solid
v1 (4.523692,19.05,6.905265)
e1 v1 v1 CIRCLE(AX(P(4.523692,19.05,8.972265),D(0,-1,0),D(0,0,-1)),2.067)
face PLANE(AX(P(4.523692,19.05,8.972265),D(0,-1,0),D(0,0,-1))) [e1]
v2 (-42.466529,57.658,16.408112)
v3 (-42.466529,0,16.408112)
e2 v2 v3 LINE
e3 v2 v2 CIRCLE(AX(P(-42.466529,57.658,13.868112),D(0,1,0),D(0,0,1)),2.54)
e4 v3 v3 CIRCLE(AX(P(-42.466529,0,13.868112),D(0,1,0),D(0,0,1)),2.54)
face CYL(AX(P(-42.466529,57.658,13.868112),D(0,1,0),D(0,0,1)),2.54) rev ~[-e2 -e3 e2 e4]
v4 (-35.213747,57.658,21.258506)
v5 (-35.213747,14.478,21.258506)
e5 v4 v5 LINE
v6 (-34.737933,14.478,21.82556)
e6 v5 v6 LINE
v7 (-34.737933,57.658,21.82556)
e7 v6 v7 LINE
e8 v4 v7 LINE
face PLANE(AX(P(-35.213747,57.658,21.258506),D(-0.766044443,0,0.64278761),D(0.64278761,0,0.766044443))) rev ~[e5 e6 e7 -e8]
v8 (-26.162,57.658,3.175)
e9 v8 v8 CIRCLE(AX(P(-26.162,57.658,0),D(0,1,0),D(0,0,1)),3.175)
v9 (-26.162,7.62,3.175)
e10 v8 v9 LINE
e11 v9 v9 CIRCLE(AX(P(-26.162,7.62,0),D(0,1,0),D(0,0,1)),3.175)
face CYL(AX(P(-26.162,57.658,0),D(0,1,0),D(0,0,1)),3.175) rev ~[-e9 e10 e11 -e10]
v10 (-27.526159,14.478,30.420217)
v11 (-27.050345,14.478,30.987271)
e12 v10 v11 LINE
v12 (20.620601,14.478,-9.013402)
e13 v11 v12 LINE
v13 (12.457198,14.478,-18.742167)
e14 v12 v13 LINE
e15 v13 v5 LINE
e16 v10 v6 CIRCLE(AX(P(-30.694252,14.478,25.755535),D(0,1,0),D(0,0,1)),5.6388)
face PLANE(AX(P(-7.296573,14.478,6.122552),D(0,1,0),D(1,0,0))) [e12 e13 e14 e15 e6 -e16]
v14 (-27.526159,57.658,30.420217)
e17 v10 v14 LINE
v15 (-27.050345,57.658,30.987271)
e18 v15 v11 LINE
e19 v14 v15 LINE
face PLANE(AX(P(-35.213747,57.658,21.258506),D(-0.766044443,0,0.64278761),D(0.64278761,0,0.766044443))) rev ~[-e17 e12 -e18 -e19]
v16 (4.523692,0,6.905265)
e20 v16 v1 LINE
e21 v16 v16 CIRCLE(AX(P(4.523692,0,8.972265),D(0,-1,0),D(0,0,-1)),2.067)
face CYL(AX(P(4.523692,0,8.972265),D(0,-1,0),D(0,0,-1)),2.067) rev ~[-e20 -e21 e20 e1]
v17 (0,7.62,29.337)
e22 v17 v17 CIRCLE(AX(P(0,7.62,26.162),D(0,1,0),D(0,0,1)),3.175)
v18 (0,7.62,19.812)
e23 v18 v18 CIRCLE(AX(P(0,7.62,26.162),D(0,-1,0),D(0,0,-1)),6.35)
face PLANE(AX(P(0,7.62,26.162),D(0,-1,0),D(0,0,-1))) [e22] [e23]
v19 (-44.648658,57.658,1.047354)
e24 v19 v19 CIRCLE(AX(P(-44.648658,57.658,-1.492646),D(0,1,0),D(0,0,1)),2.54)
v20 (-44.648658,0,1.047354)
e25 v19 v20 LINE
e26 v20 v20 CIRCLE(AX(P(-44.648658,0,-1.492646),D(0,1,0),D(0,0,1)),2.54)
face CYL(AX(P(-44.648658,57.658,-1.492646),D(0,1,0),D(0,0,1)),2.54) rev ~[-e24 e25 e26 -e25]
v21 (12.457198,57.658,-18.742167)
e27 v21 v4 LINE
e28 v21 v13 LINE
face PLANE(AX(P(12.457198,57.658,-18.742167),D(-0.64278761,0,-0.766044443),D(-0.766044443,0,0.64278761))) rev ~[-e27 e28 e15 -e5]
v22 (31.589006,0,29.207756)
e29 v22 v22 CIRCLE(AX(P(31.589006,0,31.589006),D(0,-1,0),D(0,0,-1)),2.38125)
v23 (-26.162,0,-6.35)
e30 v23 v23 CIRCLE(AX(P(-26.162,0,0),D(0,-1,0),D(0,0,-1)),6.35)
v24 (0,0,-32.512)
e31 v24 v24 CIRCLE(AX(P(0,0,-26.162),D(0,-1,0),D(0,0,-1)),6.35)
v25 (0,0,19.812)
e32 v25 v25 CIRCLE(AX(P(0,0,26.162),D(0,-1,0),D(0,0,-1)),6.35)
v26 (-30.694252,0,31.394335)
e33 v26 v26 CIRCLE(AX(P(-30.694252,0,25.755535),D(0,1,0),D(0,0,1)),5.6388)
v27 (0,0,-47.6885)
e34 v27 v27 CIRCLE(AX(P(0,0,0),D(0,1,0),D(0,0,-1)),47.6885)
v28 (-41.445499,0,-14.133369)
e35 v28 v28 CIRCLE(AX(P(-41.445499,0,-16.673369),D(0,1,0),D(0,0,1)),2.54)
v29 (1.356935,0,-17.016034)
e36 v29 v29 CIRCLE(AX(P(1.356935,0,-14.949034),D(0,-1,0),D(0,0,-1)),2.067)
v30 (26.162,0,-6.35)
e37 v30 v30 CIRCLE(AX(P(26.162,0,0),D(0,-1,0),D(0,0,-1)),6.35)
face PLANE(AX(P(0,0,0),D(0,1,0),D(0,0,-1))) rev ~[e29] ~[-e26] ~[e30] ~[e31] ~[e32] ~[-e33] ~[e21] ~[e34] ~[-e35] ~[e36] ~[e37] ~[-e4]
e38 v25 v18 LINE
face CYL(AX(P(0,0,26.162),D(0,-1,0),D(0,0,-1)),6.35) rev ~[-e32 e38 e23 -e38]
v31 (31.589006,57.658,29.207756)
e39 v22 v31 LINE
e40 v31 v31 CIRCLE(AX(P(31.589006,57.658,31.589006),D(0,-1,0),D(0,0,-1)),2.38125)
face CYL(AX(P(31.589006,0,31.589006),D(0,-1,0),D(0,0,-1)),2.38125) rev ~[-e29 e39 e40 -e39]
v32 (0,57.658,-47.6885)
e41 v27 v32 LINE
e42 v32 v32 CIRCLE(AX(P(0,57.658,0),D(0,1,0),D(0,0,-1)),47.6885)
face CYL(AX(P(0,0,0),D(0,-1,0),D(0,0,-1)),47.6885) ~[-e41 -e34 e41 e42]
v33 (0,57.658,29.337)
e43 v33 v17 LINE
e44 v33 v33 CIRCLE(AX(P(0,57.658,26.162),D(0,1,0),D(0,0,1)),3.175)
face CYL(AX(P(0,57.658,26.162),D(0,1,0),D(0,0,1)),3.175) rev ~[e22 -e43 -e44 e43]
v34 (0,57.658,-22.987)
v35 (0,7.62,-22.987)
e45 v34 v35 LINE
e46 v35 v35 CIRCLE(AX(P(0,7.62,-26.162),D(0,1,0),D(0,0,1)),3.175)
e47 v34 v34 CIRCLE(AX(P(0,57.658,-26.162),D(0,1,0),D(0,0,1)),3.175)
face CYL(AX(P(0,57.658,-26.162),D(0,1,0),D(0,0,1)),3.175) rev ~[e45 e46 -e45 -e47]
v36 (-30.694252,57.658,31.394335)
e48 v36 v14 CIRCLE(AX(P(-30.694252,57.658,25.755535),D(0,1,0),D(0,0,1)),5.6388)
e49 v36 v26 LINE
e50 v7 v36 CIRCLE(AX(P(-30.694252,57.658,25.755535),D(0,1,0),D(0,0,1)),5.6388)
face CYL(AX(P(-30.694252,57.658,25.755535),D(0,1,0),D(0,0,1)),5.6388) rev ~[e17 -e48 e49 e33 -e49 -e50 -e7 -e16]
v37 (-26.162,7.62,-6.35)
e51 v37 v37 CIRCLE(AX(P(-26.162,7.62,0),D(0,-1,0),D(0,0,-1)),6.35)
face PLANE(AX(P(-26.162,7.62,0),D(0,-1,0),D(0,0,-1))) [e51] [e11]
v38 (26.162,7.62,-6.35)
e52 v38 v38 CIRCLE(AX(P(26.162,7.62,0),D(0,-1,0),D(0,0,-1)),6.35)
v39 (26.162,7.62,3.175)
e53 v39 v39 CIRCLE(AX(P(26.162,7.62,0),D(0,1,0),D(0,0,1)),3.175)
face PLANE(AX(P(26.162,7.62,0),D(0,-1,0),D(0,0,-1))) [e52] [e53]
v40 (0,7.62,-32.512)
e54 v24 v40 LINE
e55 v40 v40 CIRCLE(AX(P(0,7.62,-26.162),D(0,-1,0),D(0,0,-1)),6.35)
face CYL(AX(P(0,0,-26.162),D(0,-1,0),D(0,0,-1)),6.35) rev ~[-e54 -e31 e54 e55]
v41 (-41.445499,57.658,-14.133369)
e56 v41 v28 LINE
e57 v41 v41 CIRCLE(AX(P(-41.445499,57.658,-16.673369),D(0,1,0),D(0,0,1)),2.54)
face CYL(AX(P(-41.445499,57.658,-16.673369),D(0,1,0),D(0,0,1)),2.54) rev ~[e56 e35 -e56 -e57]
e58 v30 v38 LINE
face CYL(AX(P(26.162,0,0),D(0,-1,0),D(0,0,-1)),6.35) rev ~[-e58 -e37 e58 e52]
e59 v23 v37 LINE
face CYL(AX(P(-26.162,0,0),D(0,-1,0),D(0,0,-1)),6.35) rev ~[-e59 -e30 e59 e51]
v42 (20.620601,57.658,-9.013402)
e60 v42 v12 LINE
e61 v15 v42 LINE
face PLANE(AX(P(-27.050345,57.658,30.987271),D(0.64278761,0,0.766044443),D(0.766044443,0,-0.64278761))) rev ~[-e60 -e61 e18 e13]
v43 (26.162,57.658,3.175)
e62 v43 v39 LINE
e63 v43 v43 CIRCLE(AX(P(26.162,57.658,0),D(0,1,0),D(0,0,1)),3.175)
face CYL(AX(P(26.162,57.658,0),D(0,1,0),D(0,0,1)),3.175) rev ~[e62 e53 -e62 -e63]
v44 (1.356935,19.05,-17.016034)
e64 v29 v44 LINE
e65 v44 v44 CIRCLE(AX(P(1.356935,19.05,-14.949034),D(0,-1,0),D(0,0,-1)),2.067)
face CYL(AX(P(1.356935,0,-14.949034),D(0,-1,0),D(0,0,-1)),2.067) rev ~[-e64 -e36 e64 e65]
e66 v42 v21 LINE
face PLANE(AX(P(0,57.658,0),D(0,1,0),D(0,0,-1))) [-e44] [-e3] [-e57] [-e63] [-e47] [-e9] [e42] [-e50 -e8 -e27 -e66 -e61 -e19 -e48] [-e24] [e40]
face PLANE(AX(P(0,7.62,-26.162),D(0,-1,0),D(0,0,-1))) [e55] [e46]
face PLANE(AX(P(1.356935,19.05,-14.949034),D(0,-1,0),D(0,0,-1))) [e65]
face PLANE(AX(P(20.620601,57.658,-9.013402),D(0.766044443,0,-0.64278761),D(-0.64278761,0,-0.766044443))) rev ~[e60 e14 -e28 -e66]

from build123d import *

# Parameters (mm, degrees)
SKETCH2_R           = 47.6885
BOSS_EXTRUDE1_DEPTH = 57.658
SKETCH5_R           = 2.54
SKETCH5_R_2         = 5.6388
CUT_EXTRUDE2_DEPTH  = 89.728975135
SKETCH4_R           = 3.175
CUT_EXTRUDE3_DEPTH  = 89.728975135
CUT_EXTRUDE4_DEPTH  = 43.18
SKETCH11_R          = 6.35
CUT_EXTRUDE7_DEPTH  = 7.62
SKETCH14_R          = 2.067000057
CUT_EXTRUDE8_DEPTH  = 19.05
SKETCH15_R          = 2.38125
CUT_EXTRUDE9_DEPTH  = 66.04


with BuildPart() as part:
    # Sketch2 → Boss-Extrude1 (new body)
    with BuildSketch(Plane(origin=(0, 0, 0), x_dir=(1, 0, 0), z_dir=(0, 1, 0))):
        with Locations(Location((0, 0, 0), (0, 0, 90))):
            Circle(SKETCH2_R)
    extrude(amount=BOSS_EXTRUDE1_DEPTH)

    # Sketch5 → Cut-Extrude2 (cut, through all)
    with BuildSketch(Plane(origin=(0, 57.658, 0), x_dir=(1, 0, 0), z_dir=(0, 1, 0))):
        with Locations(Location((-41.445499463, 16.673368884, 0), (0, 0, 270))):
            Circle(SKETCH5_R)
        with Locations(Location((-44.648658026, 1.492646038, 0), (0, 0, 270))):
            Circle(SKETCH5_R)
        with Locations(Location((-42.466529486, -13.86811195, 0), (0, 0, 270))):
            Circle(SKETCH5_R)
        with Locations(Location((-30.694251769, -25.755535339, 0), (0, 0, 270))):
            Circle(SKETCH5_R_2)
    extrude(amount=-CUT_EXTRUDE2_DEPTH, mode=Mode.SUBTRACT)

    # Sketch4 → Cut-Extrude3 (cut, through all)
    with BuildSketch(Plane(origin=(0, 57.658, 0), x_dir=(1, 0, 0), z_dir=(0, 1, 0))):
        with Locations(Location((-26.162, 0, 0), (0, 0, 270))):
            Circle(SKETCH4_R)
        with Locations(Location((26.162, 0, 0), (0, 0, 270))):
            Circle(SKETCH4_R)
        with Locations(Location((0, 26.162, 0), (0, 0, 270))):
            Circle(SKETCH4_R)
        with Locations(Location((0, -26.162, 0), (0, 0, 270))):
            Circle(SKETCH4_R)
    extrude(amount=-CUT_EXTRUDE3_DEPTH, mode=Mode.SUBTRACT)

    # Sketch6 → Cut-Extrude4 (cut)
    with BuildSketch(Plane(origin=(0, 57.658, 0), x_dir=(1, 0, 0), z_dir=(0, 1, 0))):
        Polygon((-27.050344847, -30.987270671), (20.620600848, 9.013402279), (12.457198205, 18.742166707), (-35.21374749, -21.258506244), align=None)
    extrude(amount=-CUT_EXTRUDE4_DEPTH, mode=Mode.SUBTRACT)

    # Sketch11 → Cut-Extrude7 (cut)
    with BuildSketch(Plane.XZ):
        with Locations(Location((0, 26.162, 0), (0, 0, 270))):
            Circle(SKETCH11_R)
        with Locations(Location((26.162, 0, 0), (0, 0, 270))):
            Circle(SKETCH11_R)
        with Locations(Location((0, -26.162, 0), (0, 0, 270))):
            Circle(SKETCH11_R)
        with Locations(Location((-26.162, 0, 0), (0, 0, 270))):
            Circle(SKETCH11_R)
    extrude(amount=-CUT_EXTRUDE7_DEPTH, mode=Mode.SUBTRACT)

    # Sketch14 → Cut-Extrude8 (cut)
    with BuildSketch(Plane.XZ):
        with Locations(Location((1.356935186, -14.949033782, 0), (0, 0, 270))):
            Circle(SKETCH14_R)
        with Locations(Location((4.523691953, 8.972265338, 0), (0, 0, 270))):
            Circle(SKETCH14_R)
    extrude(amount=-CUT_EXTRUDE8_DEPTH, mode=Mode.SUBTRACT)

    # Sketch15 → Cut-Extrude9 (cut)
    with BuildSketch(Plane.XZ):
        with Locations(Location((31.589006405, 31.589006405, 0), (0, 0, 270))):
            Circle(SKETCH15_R)
    extrude(amount=-CUT_EXTRUDE9_DEPTH, mode=Mode.SUBTRACT)


solid = part.part
